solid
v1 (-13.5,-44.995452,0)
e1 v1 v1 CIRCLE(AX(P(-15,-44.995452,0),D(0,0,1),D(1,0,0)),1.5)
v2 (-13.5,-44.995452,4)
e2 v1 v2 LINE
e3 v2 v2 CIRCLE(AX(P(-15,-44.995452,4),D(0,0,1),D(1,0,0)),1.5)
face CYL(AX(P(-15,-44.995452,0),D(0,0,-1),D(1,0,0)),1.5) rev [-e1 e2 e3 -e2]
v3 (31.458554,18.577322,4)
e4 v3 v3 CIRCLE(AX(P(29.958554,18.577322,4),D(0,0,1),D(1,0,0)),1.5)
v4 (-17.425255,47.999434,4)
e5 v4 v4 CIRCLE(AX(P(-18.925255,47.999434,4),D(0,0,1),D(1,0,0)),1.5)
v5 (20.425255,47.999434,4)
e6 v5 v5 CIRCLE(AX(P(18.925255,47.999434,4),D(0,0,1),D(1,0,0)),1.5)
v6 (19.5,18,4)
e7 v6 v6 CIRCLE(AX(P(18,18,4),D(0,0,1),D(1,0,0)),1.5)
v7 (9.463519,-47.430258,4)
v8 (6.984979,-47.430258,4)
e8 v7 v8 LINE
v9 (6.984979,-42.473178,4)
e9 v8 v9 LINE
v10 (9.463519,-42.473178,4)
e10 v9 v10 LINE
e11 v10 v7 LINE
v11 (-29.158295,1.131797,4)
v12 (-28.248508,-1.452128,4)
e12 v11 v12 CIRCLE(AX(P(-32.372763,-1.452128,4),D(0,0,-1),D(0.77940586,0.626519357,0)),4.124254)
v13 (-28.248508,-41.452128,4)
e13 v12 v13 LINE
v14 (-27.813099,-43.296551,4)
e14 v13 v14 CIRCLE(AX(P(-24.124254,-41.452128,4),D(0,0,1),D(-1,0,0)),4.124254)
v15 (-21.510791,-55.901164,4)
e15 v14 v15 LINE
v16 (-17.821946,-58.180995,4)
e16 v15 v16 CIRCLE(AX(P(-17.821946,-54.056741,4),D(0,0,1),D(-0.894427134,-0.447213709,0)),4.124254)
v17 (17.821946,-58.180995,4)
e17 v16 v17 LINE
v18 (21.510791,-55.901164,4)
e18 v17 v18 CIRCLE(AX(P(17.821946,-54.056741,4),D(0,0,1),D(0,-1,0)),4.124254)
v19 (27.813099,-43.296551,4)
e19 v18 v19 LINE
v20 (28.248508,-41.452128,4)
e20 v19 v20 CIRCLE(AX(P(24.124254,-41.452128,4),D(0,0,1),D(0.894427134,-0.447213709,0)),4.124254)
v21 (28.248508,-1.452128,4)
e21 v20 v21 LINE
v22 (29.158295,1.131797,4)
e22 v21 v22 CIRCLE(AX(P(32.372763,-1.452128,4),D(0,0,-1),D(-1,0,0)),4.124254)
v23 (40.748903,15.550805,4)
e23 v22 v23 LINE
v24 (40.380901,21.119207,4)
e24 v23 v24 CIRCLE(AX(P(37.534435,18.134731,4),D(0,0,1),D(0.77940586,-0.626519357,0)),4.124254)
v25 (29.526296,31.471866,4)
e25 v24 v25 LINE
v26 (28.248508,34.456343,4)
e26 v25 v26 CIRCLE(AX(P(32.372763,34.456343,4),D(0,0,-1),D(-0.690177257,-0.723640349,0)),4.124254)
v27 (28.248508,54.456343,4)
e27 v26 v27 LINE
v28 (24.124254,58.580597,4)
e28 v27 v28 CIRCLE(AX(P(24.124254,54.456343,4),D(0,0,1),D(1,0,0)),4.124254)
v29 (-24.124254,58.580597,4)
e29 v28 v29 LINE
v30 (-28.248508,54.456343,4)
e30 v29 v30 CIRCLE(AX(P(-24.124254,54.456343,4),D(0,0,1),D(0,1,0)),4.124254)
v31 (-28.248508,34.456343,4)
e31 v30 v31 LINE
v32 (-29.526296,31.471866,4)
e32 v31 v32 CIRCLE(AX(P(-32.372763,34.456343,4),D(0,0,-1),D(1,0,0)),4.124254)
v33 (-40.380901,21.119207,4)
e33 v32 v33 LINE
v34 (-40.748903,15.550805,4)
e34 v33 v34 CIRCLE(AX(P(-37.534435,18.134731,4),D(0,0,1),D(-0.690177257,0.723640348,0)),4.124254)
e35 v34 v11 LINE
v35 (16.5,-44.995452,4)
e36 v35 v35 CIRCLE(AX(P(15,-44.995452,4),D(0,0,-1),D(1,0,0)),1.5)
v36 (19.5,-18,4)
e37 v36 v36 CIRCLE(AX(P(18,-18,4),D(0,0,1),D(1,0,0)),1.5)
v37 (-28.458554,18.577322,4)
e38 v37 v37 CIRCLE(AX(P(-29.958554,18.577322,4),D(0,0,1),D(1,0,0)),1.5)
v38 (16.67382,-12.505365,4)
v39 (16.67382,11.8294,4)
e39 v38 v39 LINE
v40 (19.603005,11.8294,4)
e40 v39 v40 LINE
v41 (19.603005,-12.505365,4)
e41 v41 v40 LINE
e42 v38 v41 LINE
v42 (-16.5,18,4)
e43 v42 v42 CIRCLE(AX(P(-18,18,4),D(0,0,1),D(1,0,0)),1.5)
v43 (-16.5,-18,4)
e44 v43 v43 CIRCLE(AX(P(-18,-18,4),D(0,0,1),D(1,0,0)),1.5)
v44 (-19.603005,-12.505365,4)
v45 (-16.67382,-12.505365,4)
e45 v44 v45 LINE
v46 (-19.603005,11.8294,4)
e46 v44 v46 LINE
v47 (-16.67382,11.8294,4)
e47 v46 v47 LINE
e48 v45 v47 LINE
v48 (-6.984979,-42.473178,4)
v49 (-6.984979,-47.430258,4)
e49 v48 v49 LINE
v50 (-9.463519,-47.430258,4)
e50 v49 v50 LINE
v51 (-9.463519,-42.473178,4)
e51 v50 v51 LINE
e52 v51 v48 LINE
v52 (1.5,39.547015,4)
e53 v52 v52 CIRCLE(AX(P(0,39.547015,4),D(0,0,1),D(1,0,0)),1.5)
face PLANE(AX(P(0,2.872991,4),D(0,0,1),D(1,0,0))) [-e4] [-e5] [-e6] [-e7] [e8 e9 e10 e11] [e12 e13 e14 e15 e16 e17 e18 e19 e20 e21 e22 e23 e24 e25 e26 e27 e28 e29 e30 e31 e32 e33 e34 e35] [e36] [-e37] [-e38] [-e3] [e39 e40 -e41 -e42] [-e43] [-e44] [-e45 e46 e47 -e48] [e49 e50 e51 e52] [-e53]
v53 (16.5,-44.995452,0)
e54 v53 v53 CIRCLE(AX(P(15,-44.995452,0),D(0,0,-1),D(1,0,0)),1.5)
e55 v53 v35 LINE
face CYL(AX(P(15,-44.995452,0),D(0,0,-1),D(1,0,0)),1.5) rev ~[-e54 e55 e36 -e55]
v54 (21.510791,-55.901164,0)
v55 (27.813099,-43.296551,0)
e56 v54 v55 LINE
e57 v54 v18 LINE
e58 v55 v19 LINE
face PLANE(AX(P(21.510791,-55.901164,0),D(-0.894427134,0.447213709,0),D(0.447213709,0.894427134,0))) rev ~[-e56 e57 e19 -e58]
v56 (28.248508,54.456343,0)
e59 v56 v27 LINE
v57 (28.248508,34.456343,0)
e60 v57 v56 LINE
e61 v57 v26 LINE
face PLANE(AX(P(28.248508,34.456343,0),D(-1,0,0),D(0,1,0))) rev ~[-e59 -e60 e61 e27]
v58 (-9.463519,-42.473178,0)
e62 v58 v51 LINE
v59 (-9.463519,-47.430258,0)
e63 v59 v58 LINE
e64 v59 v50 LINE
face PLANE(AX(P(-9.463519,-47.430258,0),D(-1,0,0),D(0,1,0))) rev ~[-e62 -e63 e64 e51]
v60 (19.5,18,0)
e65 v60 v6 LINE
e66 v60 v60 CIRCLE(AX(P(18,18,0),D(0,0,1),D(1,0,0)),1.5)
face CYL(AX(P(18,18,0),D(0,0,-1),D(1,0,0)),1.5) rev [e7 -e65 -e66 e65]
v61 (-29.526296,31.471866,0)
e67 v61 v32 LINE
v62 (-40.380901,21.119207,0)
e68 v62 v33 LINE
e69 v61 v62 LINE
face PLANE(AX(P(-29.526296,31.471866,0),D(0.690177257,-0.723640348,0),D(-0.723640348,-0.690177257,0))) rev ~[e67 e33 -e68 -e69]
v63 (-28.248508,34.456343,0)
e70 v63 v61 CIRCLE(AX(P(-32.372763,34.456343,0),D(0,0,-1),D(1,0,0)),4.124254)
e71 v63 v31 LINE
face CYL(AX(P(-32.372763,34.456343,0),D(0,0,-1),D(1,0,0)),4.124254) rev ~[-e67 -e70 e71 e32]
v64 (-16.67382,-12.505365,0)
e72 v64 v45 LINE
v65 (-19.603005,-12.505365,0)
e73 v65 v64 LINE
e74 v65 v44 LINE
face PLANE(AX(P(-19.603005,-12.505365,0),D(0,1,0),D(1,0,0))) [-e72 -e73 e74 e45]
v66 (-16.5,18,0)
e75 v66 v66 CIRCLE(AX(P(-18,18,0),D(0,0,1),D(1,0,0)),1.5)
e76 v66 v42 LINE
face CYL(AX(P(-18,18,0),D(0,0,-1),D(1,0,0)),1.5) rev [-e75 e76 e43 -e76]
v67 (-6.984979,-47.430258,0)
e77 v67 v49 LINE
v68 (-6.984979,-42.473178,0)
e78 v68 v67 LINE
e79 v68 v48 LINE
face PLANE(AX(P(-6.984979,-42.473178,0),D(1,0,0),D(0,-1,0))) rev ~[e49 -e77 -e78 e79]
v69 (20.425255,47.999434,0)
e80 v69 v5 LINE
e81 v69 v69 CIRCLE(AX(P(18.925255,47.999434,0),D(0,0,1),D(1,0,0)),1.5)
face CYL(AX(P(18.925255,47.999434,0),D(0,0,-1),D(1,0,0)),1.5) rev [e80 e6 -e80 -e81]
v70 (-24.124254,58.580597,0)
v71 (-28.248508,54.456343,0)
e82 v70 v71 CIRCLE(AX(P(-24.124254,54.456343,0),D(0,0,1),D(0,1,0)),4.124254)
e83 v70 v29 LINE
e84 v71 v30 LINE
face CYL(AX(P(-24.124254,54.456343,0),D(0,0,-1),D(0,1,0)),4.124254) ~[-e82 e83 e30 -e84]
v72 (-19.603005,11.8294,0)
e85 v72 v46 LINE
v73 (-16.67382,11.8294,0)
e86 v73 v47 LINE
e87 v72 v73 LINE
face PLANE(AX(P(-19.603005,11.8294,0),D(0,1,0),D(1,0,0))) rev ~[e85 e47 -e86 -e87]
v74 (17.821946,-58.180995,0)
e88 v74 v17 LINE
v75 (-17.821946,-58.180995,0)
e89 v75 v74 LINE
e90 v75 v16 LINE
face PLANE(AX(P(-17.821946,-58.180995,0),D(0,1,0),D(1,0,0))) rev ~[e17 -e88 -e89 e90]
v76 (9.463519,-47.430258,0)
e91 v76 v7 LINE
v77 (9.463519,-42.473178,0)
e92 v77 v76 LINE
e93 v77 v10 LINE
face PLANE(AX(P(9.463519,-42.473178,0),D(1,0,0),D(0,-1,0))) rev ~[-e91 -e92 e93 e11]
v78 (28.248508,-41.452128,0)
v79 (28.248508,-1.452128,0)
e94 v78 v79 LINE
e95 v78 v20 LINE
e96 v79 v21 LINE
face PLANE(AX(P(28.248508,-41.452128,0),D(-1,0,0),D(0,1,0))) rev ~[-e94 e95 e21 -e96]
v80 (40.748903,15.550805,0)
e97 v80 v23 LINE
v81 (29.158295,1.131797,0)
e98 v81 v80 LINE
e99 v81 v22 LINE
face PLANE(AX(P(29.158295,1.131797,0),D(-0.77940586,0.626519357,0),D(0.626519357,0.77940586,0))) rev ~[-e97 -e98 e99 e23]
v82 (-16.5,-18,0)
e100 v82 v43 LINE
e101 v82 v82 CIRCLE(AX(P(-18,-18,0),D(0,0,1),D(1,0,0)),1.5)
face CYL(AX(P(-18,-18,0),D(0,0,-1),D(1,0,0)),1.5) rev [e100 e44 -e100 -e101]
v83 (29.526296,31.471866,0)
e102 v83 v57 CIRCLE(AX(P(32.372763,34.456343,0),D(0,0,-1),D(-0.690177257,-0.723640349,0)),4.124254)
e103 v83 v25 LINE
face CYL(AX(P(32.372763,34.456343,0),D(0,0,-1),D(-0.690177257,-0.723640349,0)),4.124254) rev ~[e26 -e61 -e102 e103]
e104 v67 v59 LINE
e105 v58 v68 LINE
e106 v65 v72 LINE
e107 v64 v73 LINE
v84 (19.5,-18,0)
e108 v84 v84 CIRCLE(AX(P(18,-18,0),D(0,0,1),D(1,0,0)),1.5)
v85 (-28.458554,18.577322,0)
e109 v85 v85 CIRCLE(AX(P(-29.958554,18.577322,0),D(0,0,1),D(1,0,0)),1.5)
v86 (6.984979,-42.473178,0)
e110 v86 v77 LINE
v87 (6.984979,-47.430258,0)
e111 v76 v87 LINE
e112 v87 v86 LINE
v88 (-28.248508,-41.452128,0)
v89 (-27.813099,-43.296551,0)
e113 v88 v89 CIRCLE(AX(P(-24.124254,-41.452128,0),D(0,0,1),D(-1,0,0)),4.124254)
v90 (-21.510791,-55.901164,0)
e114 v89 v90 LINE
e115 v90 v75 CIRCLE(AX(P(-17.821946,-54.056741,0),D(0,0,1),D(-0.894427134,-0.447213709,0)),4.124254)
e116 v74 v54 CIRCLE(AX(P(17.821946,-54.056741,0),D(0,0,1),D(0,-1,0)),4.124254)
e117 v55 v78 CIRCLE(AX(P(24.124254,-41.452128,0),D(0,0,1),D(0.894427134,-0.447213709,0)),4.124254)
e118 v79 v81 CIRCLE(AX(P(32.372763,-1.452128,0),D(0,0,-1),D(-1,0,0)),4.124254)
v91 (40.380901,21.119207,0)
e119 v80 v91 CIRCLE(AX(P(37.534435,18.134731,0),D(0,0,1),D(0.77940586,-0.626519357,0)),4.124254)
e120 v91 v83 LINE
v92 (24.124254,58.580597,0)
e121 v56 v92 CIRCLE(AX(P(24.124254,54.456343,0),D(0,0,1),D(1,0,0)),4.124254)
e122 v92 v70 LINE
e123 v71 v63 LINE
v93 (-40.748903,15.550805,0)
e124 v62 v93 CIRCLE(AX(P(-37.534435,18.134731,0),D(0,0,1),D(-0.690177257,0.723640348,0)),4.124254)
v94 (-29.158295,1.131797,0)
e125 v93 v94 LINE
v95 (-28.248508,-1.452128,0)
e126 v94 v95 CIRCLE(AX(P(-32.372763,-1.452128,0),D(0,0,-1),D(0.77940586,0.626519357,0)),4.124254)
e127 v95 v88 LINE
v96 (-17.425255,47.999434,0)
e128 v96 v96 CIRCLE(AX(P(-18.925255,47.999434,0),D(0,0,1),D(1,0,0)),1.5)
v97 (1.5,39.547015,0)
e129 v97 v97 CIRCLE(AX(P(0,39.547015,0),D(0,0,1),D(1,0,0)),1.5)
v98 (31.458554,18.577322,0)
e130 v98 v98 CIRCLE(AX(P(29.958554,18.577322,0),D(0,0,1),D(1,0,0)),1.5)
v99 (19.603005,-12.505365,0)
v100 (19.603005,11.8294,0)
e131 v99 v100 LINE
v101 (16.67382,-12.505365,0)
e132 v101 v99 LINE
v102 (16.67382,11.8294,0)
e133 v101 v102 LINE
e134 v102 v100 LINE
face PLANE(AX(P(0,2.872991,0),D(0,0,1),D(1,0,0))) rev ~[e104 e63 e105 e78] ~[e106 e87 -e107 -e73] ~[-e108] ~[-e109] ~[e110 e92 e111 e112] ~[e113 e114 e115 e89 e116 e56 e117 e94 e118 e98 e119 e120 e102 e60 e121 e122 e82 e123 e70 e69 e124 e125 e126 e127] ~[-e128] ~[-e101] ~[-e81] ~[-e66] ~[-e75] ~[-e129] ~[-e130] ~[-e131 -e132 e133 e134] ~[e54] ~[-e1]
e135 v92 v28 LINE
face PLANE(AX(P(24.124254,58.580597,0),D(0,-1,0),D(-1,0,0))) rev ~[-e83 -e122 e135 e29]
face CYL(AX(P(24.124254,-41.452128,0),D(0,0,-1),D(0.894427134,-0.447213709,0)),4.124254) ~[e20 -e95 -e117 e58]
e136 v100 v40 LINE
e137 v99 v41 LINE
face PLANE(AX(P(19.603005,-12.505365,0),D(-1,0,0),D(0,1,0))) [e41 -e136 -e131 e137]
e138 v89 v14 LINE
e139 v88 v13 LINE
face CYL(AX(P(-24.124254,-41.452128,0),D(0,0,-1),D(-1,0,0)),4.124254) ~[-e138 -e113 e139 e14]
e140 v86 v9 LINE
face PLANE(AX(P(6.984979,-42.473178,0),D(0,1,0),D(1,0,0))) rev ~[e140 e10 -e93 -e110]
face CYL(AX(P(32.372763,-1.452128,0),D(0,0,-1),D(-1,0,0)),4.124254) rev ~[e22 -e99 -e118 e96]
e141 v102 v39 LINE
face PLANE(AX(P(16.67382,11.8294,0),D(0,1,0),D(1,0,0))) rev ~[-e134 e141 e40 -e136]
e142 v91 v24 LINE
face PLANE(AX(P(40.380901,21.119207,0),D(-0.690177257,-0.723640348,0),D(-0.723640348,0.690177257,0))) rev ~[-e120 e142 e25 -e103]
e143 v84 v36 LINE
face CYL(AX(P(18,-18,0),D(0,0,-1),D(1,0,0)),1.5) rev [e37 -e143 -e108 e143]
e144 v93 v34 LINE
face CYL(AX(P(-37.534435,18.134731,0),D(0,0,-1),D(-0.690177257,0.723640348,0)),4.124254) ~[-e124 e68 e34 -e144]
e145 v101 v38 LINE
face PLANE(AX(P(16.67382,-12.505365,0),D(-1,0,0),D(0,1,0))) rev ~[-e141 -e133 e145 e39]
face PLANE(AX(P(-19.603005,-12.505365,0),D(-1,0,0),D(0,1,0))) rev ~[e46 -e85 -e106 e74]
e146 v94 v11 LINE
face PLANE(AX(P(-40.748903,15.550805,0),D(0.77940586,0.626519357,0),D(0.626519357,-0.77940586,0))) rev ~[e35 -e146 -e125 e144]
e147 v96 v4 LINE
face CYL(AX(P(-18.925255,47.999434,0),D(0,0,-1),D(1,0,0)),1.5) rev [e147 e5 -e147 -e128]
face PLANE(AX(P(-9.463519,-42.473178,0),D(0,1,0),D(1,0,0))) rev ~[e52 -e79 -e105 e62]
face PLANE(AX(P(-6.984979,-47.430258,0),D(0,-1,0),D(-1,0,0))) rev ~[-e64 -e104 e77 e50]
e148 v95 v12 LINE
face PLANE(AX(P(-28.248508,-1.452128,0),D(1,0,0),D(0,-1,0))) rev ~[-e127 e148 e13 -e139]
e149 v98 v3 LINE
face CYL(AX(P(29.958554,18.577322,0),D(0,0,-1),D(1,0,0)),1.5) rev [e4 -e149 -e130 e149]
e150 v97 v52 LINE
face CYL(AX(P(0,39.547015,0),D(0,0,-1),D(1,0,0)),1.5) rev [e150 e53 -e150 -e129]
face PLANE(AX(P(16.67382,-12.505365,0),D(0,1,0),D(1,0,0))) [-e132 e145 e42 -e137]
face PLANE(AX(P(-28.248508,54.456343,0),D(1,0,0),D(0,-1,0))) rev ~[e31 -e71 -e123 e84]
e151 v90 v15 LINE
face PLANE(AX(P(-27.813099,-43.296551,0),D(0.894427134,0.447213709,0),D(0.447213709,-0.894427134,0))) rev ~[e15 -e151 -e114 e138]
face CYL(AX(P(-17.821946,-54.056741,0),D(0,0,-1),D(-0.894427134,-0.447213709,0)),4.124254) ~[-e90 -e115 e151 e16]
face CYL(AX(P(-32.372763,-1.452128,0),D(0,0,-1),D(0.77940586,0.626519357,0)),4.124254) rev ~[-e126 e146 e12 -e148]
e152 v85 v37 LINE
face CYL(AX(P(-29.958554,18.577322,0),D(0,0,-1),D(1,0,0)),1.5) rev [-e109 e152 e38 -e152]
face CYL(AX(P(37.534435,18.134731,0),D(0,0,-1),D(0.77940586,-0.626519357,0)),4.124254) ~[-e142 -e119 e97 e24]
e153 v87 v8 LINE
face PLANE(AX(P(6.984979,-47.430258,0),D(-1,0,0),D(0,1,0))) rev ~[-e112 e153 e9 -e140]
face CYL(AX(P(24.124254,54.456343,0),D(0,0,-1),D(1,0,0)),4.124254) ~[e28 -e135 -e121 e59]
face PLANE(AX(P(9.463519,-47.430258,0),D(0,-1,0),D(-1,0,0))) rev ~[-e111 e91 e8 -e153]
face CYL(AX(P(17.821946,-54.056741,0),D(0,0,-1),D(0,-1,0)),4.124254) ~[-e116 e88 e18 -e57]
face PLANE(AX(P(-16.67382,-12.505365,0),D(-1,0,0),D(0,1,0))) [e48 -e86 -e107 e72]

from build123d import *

# Parameters (mm, degrees)
F0_R     = 1.5
F0_W     = 2.9291845858
F0_H     = 24.3347650394
F1_DEPTH = 4


with BuildPart() as f1:
    # F0 (on Top) → F1 (new body)
    with BuildSketch(Plane.XY):
        with BuildLine():
            Line((28.2485083335, 34.4563428569), (28.2485083335, 54.4563428569))
            ThreePointArc((28.2485083335, 54.4563428569), (27.0405422554, 57.3726309455), (24.1242541668, 58.5805970237))
            Line((24.1242541668, 58.5805970237), (0, 58.5805970237))
            Line((0, 58.5805970237), (-24.1242541668, 58.5805970237))
            ThreePointArc((-24.1242541668, 58.5805970237), (-27.0405422554, 57.3726309455), (-28.2485083335, 54.4563428569))
            Line((-28.2485083335, 54.4563428569), (-28.2485083335, 34.4563428569))
            ThreePointArc((-28.2485083335, 34.4563428569), (-28.5813891701, 32.8330866531), (-29.5262960725, 31.4718661344))
            Line((-29.5262960725, 31.4718661344), (-40.3809012999, 21.1192072799))
            ThreePointArc((-40.3809012999, 21.1192072799), (-41.6497119903, 18.4066987019), (-40.7489027393, 15.5508054883))
            Line((-40.7489027393, 15.5508054883), (-29.158294633, 1.1317970714))
            ThreePointArc((-29.158294633, 1.1317970714), (-28.4825983053, -0.0824218364), (-28.2485083335, -1.4521279977))
            Line((-28.2485083335, -1.4521279977), (-28.2485083335, -41.4521279977))
            ThreePointArc((-28.2485083335, -41.4521279977), (-28.1381803066, -42.3996876928), (-27.8130990016, -43.2965510014))
            Line((-27.8130990016, -43.2965510014), (-21.5107905835, -55.9011638307))
            ThreePointArc((-21.5107905835, -55.9011638307), (-19.9901942554, -57.5650411056), (-17.8219457487, -58.1809949937))
            Line((-17.8219457487, -58.1809949937), (0, -58.1809949937))
            Line((0, -58.1809949937), (17.8219457487, -58.1809949937))
            ThreePointArc((17.8219457487, -58.1809949937), (19.9901942554, -57.5650411056), (21.5107905835, -55.9011638307))
            Line((21.5107905835, -55.9011638307), (27.8130990016, -43.2965510014))
            ThreePointArc((27.8130990016, -43.2965510014), (28.1381803066, -42.3996876928), (28.2485083335, -41.4521279977))
            Line((28.2485083335, -41.4521279977), (28.2485083335, -1.4521279977))
            ThreePointArc((28.2485083335, -1.4521279977), (28.4825983053, -0.0824218364), (29.158294633, 1.1317970714))
            Line((29.158294633, 1.1317970714), (40.7489027393, 15.5508054883))
            ThreePointArc((40.7489027393, 15.5508054883), (41.6497119903, 18.4066987019), (40.3809012999, 21.1192072799))
            Line((40.3809012999, 21.1192072799), (29.5262960725, 31.4718661344))
            ThreePointArc((29.5262960725, 31.4718661344), (28.5813891701, 32.8330866531), (28.2485083335, 34.4563428569))
        make_face()
        with Locations((-15, -44.9954515789)):
            Circle(F0_R, mode=Mode.SUBTRACT)
        Polygon((-6.9849789143, -42.4731783569), (-6.9849789143, -44.9954515789), (-6.9849789143, -47.4302582443), (-9.463518858, -47.4302582443), (-9.463518858, -44.9954515789), (-9.463518858, -42.4731783569), align=None, mode=Mode.SUBTRACT)
        with Locations((-18, -18)):
            Circle(F0_R, mode=Mode.SUBTRACT)
        with Locations((-18.1384123862, -0.3379820846)):
            Rectangle(F0_W, F0_H, mode=Mode.SUBTRACT)
        Polygon((9.463518858, -42.4731783569), (9.463518858, -44.9954515789), (9.463518858, -47.4302582443), (6.9849789143, -47.4302582443), (6.9849789143, -44.9954515789), (6.9849789143, -42.4731783569), align=None, mode=Mode.SUBTRACT)
        with BuildLine():
            ThreePointArc((13.5, -44.9954515789), (15, -43.4954515789), (16.5, -44.9954515789))
            ThreePointArc((16.5, -44.9954515789), (15, -46.4954515789), (13.5, -44.9954515789))
        make_face(mode=Mode.SUBTRACT)
        with Locations((18, -18)):
            Circle(F0_R, mode=Mode.SUBTRACT)
        with Locations((18.1384123862, -0.3379820846)):
            Rectangle(F0_W, F0_H, mode=Mode.SUBTRACT)
        with Locations((-29.9585536122, 18.5773223639)):
            Circle(F0_R, mode=Mode.SUBTRACT)
        with Locations((-18, 18)):
            Circle(F0_R, mode=Mode.SUBTRACT)
        with Locations((0, 39.5470149815)):
            Circle(F0_R, mode=Mode.SUBTRACT)
        with Locations((-18.9252551645, 47.9994341731)):
            Circle(F0_R, mode=Mode.SUBTRACT)
        with Locations((18, 18)):
            Circle(F0_R, mode=Mode.SUBTRACT)
        with Locations((29.9585536122, 18.5773223639)):
            Circle(F0_R, mode=Mode.SUBTRACT)
        with Locations((18.9252551645, 47.9994341731)):
            Circle(F0_R, mode=Mode.SUBTRACT)
    extrude(amount=F1_DEPTH)


solid = f1.part
